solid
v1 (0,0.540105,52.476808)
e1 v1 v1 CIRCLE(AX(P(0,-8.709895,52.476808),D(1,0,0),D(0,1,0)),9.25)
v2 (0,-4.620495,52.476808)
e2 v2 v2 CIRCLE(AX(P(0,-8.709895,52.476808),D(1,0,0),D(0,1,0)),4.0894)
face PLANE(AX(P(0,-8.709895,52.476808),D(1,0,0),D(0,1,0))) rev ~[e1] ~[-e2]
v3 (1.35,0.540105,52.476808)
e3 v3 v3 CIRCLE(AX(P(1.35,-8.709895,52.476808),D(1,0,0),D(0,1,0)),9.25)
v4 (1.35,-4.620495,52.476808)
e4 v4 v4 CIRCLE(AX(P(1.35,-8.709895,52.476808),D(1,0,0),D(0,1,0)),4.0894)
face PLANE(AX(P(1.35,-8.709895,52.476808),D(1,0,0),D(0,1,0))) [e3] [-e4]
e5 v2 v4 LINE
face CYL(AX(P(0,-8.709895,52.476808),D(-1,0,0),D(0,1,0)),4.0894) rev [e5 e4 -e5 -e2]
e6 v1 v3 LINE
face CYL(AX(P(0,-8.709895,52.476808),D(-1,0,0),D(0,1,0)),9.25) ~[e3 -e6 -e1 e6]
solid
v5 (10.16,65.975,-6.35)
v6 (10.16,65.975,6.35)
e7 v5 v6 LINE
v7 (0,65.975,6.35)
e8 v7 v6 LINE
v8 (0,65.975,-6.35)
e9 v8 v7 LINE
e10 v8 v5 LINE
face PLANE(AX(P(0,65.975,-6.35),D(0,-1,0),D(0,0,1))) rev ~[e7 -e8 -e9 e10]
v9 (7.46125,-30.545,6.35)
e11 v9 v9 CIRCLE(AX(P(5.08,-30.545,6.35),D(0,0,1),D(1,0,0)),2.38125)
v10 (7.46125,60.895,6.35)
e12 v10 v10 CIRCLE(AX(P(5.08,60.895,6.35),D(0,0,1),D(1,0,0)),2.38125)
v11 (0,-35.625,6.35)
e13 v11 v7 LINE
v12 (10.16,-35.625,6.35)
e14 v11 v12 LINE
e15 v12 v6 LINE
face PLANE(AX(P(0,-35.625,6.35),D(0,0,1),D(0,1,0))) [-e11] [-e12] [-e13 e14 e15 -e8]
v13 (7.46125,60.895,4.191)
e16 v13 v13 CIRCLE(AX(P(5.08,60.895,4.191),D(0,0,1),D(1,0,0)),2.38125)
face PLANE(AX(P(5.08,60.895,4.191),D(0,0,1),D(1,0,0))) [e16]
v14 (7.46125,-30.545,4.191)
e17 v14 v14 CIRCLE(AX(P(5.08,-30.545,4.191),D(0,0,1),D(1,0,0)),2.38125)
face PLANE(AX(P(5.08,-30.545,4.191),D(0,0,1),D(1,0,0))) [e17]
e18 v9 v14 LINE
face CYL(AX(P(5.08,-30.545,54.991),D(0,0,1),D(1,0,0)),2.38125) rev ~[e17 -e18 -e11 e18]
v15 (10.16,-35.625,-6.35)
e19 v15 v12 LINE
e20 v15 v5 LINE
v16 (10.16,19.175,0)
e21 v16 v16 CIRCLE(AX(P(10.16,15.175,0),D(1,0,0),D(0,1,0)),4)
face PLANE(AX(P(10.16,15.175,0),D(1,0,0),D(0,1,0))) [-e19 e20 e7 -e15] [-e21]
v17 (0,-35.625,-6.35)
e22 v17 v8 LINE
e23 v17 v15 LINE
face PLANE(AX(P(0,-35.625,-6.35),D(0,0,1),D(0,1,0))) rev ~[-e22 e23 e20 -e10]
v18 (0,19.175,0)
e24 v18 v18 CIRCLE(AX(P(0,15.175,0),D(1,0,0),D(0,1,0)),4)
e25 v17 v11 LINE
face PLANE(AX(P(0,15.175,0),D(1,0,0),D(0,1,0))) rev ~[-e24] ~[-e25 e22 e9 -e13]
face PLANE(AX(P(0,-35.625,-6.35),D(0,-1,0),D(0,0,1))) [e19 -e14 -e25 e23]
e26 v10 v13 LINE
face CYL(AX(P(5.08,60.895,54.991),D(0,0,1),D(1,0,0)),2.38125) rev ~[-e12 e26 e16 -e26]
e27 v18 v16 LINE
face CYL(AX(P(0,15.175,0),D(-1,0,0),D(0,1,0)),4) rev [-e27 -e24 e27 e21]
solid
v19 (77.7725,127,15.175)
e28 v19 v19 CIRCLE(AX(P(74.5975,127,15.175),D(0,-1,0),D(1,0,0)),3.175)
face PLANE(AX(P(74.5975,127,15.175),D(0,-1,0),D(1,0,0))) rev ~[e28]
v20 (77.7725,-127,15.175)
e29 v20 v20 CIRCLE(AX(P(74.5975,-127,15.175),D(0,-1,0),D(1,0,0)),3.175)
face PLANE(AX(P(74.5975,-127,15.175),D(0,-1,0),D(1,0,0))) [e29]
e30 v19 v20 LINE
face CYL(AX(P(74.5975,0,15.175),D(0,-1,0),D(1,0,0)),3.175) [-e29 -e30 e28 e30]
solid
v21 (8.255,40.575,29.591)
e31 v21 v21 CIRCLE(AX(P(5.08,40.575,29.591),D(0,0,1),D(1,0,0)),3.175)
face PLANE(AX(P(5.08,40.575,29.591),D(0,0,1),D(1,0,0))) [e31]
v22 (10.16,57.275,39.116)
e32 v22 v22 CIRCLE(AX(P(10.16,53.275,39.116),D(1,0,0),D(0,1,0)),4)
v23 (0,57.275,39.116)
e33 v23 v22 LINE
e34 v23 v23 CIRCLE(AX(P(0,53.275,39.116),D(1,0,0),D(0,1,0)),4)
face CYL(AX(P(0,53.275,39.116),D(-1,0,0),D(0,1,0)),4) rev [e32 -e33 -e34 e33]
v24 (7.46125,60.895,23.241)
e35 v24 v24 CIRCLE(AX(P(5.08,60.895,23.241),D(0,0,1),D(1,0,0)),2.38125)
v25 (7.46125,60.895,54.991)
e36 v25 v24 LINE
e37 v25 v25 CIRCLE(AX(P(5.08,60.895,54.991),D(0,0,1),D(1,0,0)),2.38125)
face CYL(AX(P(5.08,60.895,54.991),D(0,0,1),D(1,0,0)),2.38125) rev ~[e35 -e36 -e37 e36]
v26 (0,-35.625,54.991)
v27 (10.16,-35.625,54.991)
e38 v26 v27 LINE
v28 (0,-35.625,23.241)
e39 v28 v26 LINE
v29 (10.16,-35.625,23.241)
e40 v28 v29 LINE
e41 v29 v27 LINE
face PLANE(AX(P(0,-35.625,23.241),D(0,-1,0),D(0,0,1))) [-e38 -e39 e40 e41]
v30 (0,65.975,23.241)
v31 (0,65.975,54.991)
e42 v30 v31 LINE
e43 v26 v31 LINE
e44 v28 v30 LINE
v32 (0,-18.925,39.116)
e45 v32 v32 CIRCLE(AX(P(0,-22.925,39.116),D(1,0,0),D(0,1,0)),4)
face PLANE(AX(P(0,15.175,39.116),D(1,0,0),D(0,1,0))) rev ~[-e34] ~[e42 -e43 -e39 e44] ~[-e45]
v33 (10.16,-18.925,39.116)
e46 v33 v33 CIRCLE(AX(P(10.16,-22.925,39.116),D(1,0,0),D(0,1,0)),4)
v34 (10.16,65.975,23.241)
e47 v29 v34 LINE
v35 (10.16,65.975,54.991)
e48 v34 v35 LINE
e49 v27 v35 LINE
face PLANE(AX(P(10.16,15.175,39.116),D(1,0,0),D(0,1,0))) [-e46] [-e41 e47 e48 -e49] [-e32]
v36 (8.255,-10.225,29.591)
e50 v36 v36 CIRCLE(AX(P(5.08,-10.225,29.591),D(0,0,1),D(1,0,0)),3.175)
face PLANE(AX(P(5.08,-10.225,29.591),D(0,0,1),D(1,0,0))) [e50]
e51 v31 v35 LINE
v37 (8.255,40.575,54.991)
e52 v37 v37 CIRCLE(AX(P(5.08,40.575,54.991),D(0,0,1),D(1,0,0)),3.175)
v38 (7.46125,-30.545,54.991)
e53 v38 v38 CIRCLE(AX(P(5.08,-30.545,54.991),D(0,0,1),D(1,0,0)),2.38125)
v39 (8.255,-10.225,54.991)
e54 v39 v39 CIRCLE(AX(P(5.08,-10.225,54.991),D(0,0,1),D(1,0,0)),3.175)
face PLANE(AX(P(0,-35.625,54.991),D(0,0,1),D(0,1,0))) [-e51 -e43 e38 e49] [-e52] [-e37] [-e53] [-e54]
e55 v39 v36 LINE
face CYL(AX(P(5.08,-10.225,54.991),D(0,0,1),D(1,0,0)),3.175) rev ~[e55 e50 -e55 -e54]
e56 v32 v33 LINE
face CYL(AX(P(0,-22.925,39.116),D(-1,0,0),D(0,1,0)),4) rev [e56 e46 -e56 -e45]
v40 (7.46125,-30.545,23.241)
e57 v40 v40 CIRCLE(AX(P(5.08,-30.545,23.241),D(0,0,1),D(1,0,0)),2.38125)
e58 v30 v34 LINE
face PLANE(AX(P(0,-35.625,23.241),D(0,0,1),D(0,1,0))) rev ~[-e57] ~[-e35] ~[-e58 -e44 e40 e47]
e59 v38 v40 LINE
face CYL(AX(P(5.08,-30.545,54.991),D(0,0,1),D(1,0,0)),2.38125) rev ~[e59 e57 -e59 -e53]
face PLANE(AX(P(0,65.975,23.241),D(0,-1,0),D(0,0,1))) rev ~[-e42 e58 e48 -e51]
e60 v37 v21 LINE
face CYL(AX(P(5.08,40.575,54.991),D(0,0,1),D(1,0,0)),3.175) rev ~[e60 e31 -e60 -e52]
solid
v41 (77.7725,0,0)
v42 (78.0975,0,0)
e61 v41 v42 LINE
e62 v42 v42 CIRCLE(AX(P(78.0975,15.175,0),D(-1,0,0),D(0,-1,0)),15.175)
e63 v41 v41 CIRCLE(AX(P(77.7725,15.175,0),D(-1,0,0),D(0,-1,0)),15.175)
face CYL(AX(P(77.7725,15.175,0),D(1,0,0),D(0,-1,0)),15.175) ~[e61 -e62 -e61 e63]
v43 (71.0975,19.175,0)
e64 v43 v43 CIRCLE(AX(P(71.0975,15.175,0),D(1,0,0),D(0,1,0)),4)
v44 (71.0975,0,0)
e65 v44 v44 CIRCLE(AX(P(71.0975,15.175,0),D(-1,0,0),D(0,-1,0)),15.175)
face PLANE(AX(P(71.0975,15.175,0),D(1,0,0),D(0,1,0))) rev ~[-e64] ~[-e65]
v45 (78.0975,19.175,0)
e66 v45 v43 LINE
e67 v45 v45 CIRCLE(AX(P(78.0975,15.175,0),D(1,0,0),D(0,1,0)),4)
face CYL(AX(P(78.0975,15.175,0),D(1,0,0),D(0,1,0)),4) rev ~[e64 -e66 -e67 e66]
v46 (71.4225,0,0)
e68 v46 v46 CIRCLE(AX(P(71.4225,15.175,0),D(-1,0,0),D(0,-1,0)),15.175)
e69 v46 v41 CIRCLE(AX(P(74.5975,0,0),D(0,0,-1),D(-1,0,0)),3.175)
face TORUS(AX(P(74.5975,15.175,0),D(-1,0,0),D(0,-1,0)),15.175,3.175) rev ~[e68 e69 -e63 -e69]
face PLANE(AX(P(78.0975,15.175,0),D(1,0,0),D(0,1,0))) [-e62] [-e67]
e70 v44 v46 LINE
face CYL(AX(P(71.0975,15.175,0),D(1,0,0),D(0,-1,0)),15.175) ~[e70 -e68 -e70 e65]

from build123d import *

# Parameters (mm, degrees)
F3_R      = 11
F3_R_2    = 4
F4_DEPTH  = 7
F5_R      = 3.175
F6_DEPTH  = 127
F7_W      = 101.6
F7_H      = 12.7
F7_R      = 4
F8_DEPTH  = 10.16
F7_H_2    = 31.75
F11_R     = 9.25
F11_R_2   = 4.0894
F12_DEPTH = 1.35
F9_R      = 2.38125
F13_DEPTH = 50.8
F9_R_2    = 3.175
F14_DEPTH = 25.4


with BuildPart() as f1:
    # F0 (on Top) → F1 (revolve)
    with BuildSketch(Plane.XY):
        with BuildLine():
            ThreePointArc((71.4225, 0), (74.5975, 3.175), (77.7725, 0))
            Line((77.7725, 0), (78.0975, 0))
            Line((78.0975, 0), (78.0975, 3.175))
            Line((78.0975, 3.175), (78.0975, 4.175))
            Line((78.0975, 4.175), (74.5975, 4.175))
            Line((74.5975, 4.175), (71.0975, 4.175))
            Line((71.0975, 4.175), (71.0975, 3.175))
            Line((71.0975, 3.175), (71.0975, 0))
            Line((71.0975, 0), (71.4225, 0))
        make_face()
        Polygon((74.5975, 4.175), (78.0975, 4.175), (78.0975, 15.175), (71.0975, 15.175), (71.0975, 4.175), align=None)
    revolve(axis=Axis((74.5975, 15.175, 0), (-1, 0, 0)))

    # F0 (on Top) → F2 (revolve, cut)
    with BuildSketch(Plane.XY):
        Polygon((74.5975, 4.175), (78.0975, 4.175), (78.0975, 15.175), (71.0975, 15.175), (71.0975, 4.175), align=None)
    revolve(axis=Axis((74.5975, 15.175, 0), (-1, 0, 0)), mode=Mode.SUBTRACT)

    # F3 (on face) → F4 (join)
    with BuildSketch(Plane.YZ.offset(78.0975)):
        with Locations((15.175, 0)):
            Circle(F3_R)
        with Locations((15.175, 0)):
            Circle(F3_R_2, mode=Mode.SUBTRACT)
    extrude(amount=-F4_DEPTH)


with BuildPart() as f6:
    # F5 (on Front) → F6 (new body, symmetric)
    with BuildSketch(Plane.XZ):
        with Locations((74.5975, 15.175)):
            Circle(F5_R)
    extrude(amount=F6_DEPTH, both=True)


with BuildPart() as f8:
    # F7 (on Right) → F8 (new body)
    with BuildSketch(Plane.YZ):
        with Locations((15.175, 0)):
            Rectangle(F7_W, F7_H)
        with Locations((15.175, 0)):
            Circle(F7_R, mode=Mode.SUBTRACT)
    extrude(amount=F8_DEPTH)


with BuildPart() as f8b:
    # F7 (on Right) → F8, piece 2 (new body)
    with BuildSketch(Plane.YZ):
        with Locations((15.175, 39.116)):
            Rectangle(F7_W, F7_H_2)
        with Locations((-22.925, 39.116)):
            Circle(F7_R, mode=Mode.SUBTRACT)
        with Locations((53.275, 39.116)):
            Circle(F7_R, mode=Mode.SUBTRACT)
    extrude(amount=F8_DEPTH)


with BuildPart() as f12:
    # F11 (on Right) → F12 (new body)
    with BuildSketch(Plane.YZ):
        with Locations((-8.7098954245, 52.4768084288)):
            Circle(F11_R)
        with Locations((-8.7098954245, 52.4768084288)):
            Circle(F11_R_2, mode=Mode.SUBTRACT)
    extrude(amount=F12_DEPTH)


with BuildPart() as f13_tool:
    # F9 (on face) → F13 (new body)
    with BuildSketch(Plane.XY.offset(54.991)):
        with Locations((5.08, 60.895)):
            Circle(F9_R)
        with Locations((5.08, -30.545)):
            Circle(F9_R)
    extrude(amount=-F13_DEPTH)


with BuildPart() as f8_1:
    add(f8.part)

    # F13: cut by f13_tool
    add(f13_tool.part, mode=Mode.SUBTRACT)


with BuildPart() as f8b_1:
    add(f8b.part)

    # F13: cut by f13_tool
    add(f13_tool.part, mode=Mode.SUBTRACT)

    # F9 (on face) → F14 (cut)
    with BuildSketch(Plane.XY.offset(54.991)):
        with Locations((5.08, 40.575)):
            Circle(F9_R_2)
        with Locations((5.08, -10.225)):
            Circle(F9_R_2)
    extrude(amount=-F14_DEPTH, mode=Mode.SUBTRACT)


solid = Compound([f1.part, f6.part, f12.part, f8_1.part, f8b_1.part])
